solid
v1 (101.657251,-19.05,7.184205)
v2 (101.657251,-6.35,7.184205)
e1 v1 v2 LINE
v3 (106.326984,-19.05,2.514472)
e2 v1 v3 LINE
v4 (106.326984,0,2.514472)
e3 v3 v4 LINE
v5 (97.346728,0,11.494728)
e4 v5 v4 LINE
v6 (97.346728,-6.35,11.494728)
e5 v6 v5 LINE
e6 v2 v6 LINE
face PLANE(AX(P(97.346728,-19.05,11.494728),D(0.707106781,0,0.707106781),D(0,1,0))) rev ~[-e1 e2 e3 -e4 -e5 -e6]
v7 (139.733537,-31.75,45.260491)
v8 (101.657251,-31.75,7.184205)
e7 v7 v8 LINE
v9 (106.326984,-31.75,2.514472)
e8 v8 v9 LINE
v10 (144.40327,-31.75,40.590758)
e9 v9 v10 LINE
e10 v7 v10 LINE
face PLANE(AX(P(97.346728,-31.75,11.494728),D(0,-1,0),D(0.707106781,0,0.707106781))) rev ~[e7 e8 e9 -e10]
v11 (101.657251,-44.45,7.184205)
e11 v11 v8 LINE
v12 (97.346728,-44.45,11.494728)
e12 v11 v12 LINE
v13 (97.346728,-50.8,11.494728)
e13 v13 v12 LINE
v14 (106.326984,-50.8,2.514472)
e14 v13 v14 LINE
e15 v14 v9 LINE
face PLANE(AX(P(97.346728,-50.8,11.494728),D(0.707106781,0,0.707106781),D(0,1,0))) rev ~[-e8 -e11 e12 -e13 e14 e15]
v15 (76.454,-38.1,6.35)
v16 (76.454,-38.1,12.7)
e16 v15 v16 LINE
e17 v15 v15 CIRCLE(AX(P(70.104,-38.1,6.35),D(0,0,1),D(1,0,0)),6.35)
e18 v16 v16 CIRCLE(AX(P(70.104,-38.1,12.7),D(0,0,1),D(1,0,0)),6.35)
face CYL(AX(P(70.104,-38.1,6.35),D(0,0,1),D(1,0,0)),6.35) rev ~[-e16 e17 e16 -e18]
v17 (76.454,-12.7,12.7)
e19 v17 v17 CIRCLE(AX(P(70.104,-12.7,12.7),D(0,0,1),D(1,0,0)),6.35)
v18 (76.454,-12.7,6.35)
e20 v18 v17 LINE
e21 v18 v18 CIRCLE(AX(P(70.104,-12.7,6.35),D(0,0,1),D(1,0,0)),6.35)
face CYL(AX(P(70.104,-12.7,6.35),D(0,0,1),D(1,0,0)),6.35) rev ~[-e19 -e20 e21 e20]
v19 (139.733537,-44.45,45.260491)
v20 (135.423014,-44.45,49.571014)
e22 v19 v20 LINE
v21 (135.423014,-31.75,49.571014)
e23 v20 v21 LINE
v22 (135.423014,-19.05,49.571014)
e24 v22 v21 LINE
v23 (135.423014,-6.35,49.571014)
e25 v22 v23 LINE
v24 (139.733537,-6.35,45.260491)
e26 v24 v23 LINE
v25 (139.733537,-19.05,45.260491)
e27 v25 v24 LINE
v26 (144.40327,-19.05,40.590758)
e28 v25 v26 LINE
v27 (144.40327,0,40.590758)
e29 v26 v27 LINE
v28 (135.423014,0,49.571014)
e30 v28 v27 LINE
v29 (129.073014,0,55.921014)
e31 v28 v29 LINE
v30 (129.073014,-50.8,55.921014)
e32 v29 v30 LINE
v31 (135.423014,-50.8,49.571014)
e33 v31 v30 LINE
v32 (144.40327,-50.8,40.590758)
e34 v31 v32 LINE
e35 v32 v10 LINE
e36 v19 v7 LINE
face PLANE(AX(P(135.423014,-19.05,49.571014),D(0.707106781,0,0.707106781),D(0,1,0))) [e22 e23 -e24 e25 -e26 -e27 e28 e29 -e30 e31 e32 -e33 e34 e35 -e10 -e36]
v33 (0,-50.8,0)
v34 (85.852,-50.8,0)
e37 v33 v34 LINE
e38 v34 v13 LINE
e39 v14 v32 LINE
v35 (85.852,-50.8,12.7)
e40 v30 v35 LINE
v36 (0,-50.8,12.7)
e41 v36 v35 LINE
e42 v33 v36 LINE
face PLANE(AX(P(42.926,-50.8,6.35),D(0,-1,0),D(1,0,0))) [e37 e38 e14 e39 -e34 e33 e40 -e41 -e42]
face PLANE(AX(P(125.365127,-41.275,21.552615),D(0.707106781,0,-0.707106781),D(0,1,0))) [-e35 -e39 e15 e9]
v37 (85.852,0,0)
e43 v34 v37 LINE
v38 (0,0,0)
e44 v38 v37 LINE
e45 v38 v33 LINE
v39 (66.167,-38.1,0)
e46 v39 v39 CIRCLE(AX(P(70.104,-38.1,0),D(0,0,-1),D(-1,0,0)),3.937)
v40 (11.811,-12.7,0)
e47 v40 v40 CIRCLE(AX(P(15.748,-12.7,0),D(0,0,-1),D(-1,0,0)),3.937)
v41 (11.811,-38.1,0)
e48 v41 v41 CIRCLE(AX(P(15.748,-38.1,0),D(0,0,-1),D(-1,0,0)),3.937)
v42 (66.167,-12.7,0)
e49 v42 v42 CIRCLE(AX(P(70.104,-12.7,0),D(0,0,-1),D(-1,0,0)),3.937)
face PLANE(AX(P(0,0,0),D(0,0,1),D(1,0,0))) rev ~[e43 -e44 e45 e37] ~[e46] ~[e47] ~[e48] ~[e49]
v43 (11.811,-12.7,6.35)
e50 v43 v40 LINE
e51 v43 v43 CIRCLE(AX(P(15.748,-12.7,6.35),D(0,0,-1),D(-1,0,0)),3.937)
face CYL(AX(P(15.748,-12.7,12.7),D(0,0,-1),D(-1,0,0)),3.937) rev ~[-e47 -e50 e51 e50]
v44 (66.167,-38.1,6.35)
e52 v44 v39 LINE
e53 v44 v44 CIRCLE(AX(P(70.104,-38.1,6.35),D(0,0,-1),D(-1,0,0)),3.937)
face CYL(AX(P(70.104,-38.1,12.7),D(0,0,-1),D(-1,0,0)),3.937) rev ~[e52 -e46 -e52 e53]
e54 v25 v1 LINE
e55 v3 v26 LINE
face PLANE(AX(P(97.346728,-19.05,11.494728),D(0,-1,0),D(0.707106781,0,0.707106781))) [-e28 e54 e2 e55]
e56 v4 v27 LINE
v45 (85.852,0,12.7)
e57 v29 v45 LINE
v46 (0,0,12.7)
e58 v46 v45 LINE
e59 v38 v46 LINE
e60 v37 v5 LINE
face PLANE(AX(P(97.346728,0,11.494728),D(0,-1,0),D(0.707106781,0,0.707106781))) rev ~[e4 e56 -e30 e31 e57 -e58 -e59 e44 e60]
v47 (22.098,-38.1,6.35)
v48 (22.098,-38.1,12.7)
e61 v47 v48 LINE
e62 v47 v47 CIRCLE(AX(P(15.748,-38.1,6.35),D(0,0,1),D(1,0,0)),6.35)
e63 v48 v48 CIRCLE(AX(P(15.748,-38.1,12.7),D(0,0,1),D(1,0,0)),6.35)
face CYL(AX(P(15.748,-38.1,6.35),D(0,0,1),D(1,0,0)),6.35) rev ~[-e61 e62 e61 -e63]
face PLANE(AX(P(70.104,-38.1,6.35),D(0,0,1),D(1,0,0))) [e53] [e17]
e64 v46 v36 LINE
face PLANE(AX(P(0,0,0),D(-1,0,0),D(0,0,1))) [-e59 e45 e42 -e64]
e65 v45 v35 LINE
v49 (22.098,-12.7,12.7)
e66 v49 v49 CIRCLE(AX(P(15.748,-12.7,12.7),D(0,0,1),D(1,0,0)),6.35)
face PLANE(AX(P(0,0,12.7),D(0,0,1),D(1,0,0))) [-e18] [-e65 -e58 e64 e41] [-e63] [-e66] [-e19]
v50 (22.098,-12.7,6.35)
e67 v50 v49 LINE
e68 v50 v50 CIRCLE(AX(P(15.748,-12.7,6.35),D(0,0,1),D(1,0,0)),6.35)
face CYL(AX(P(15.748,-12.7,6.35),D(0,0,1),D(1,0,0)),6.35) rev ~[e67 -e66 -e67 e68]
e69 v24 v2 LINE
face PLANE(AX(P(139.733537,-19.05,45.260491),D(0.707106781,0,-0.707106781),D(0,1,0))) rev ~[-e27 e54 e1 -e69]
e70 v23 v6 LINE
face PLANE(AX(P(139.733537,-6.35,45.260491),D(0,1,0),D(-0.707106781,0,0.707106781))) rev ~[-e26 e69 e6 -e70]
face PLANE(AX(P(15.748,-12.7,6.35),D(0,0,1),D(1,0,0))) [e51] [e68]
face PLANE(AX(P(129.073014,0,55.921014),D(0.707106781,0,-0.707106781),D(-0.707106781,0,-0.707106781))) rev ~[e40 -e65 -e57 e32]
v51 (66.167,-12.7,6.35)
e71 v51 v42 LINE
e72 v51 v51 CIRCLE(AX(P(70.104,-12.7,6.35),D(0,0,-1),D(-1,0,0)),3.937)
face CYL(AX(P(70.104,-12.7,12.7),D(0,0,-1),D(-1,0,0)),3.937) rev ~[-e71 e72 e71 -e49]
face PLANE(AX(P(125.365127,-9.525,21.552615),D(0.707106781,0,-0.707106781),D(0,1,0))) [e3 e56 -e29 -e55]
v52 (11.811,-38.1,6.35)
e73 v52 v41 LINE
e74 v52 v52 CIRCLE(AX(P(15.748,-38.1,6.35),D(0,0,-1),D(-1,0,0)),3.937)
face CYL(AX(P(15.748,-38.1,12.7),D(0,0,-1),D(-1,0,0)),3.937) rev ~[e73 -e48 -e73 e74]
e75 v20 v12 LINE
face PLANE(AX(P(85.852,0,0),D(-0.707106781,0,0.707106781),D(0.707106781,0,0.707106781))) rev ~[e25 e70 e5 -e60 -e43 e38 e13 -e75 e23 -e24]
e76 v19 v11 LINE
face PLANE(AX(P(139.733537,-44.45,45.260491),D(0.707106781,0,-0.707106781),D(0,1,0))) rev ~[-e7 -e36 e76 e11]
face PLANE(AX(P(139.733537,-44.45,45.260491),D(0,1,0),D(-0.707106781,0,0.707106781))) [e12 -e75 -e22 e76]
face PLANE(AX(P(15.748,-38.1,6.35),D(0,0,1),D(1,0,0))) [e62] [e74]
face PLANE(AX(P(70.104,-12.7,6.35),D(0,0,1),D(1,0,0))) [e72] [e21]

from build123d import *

# Parameters (mm, degrees)
F0_W           = 85.852
F0_H           = 12.7
F1_DEPTH       = 50.8
F3_D           = 7.874
F3_CBORE_D     = 12.7
F3_CBORE_DEPTH = 6.35
F4_DEPTH       = 25.4
F5_W           = 19.05
F5_H           = 53.848
F6_DEPTH       = 12.7
F7_W           = 12.7
F7_H           = 6.096
F8_DEPTH       = 53.848


with BuildPart() as f1:
    # F0 (on Front) → F1 (new body)
    with BuildSketch(Plane.XZ):
        with Locations((42.926, 6.35)):
            Rectangle(F0_W, F0_H)
        Polygon((85.852, 12.7), (85.852, 0), (135.4230137883, 49.5710137883), (129.0730137883, 55.9210137883), align=None)
    extrude(amount=F1_DEPTH)

    # F3 (through all)
    with Locations(Plane.XY.offset(12.7)):
        with Locations((15.748, -12.7), (15.748, -38.1), (70.104, -38.1), (70.104, -12.7)):
            CounterBoreHole(F3_D / 2, F3_CBORE_D / 2, F3_CBORE_DEPTH)

    # F0 (on Front) → F4 (join)
    with BuildSketch(Plane.XZ):
        Polygon((85.852, 12.7), (85.852, 0), (135.4230137883, 49.5710137883), (129.0730137883, 55.9210137883), align=None)
    extrude(amount=F4_DEPTH)

    # F5 (on face) → F6 (join)
    with BuildSketch(Plane(origin=(42.926, 0, -42.926), x_dir=(0, 1, 0), z_dir=(0.7071067812, 0, -0.7071067812))):
        with Locations((-9.525, 103.8865313784)):
            Rectangle(F5_W, F5_H)
        with Locations((-41.275, 103.8865313784)):
            Rectangle(F5_W, F5_H)
    extrude(amount=F6_DEPTH)

    # F7 (on face) → F8 (cut)
    with BuildSketch(Plane(origin=(92.4970137883, 0, 92.4970137883), x_dir=(0, 1, 0), z_dir=(0.7071067812, 0, 0.7071067812))):
        with Locations((-12.7, -63.7545313784)):
            Rectangle(F7_W, F7_H)
        with Locations((-38.1, -63.7545313784)):
            Rectangle(F7_W, F7_H)
    extrude(amount=-F8_DEPTH, mode=Mode.SUBTRACT)


solid = f1.part
